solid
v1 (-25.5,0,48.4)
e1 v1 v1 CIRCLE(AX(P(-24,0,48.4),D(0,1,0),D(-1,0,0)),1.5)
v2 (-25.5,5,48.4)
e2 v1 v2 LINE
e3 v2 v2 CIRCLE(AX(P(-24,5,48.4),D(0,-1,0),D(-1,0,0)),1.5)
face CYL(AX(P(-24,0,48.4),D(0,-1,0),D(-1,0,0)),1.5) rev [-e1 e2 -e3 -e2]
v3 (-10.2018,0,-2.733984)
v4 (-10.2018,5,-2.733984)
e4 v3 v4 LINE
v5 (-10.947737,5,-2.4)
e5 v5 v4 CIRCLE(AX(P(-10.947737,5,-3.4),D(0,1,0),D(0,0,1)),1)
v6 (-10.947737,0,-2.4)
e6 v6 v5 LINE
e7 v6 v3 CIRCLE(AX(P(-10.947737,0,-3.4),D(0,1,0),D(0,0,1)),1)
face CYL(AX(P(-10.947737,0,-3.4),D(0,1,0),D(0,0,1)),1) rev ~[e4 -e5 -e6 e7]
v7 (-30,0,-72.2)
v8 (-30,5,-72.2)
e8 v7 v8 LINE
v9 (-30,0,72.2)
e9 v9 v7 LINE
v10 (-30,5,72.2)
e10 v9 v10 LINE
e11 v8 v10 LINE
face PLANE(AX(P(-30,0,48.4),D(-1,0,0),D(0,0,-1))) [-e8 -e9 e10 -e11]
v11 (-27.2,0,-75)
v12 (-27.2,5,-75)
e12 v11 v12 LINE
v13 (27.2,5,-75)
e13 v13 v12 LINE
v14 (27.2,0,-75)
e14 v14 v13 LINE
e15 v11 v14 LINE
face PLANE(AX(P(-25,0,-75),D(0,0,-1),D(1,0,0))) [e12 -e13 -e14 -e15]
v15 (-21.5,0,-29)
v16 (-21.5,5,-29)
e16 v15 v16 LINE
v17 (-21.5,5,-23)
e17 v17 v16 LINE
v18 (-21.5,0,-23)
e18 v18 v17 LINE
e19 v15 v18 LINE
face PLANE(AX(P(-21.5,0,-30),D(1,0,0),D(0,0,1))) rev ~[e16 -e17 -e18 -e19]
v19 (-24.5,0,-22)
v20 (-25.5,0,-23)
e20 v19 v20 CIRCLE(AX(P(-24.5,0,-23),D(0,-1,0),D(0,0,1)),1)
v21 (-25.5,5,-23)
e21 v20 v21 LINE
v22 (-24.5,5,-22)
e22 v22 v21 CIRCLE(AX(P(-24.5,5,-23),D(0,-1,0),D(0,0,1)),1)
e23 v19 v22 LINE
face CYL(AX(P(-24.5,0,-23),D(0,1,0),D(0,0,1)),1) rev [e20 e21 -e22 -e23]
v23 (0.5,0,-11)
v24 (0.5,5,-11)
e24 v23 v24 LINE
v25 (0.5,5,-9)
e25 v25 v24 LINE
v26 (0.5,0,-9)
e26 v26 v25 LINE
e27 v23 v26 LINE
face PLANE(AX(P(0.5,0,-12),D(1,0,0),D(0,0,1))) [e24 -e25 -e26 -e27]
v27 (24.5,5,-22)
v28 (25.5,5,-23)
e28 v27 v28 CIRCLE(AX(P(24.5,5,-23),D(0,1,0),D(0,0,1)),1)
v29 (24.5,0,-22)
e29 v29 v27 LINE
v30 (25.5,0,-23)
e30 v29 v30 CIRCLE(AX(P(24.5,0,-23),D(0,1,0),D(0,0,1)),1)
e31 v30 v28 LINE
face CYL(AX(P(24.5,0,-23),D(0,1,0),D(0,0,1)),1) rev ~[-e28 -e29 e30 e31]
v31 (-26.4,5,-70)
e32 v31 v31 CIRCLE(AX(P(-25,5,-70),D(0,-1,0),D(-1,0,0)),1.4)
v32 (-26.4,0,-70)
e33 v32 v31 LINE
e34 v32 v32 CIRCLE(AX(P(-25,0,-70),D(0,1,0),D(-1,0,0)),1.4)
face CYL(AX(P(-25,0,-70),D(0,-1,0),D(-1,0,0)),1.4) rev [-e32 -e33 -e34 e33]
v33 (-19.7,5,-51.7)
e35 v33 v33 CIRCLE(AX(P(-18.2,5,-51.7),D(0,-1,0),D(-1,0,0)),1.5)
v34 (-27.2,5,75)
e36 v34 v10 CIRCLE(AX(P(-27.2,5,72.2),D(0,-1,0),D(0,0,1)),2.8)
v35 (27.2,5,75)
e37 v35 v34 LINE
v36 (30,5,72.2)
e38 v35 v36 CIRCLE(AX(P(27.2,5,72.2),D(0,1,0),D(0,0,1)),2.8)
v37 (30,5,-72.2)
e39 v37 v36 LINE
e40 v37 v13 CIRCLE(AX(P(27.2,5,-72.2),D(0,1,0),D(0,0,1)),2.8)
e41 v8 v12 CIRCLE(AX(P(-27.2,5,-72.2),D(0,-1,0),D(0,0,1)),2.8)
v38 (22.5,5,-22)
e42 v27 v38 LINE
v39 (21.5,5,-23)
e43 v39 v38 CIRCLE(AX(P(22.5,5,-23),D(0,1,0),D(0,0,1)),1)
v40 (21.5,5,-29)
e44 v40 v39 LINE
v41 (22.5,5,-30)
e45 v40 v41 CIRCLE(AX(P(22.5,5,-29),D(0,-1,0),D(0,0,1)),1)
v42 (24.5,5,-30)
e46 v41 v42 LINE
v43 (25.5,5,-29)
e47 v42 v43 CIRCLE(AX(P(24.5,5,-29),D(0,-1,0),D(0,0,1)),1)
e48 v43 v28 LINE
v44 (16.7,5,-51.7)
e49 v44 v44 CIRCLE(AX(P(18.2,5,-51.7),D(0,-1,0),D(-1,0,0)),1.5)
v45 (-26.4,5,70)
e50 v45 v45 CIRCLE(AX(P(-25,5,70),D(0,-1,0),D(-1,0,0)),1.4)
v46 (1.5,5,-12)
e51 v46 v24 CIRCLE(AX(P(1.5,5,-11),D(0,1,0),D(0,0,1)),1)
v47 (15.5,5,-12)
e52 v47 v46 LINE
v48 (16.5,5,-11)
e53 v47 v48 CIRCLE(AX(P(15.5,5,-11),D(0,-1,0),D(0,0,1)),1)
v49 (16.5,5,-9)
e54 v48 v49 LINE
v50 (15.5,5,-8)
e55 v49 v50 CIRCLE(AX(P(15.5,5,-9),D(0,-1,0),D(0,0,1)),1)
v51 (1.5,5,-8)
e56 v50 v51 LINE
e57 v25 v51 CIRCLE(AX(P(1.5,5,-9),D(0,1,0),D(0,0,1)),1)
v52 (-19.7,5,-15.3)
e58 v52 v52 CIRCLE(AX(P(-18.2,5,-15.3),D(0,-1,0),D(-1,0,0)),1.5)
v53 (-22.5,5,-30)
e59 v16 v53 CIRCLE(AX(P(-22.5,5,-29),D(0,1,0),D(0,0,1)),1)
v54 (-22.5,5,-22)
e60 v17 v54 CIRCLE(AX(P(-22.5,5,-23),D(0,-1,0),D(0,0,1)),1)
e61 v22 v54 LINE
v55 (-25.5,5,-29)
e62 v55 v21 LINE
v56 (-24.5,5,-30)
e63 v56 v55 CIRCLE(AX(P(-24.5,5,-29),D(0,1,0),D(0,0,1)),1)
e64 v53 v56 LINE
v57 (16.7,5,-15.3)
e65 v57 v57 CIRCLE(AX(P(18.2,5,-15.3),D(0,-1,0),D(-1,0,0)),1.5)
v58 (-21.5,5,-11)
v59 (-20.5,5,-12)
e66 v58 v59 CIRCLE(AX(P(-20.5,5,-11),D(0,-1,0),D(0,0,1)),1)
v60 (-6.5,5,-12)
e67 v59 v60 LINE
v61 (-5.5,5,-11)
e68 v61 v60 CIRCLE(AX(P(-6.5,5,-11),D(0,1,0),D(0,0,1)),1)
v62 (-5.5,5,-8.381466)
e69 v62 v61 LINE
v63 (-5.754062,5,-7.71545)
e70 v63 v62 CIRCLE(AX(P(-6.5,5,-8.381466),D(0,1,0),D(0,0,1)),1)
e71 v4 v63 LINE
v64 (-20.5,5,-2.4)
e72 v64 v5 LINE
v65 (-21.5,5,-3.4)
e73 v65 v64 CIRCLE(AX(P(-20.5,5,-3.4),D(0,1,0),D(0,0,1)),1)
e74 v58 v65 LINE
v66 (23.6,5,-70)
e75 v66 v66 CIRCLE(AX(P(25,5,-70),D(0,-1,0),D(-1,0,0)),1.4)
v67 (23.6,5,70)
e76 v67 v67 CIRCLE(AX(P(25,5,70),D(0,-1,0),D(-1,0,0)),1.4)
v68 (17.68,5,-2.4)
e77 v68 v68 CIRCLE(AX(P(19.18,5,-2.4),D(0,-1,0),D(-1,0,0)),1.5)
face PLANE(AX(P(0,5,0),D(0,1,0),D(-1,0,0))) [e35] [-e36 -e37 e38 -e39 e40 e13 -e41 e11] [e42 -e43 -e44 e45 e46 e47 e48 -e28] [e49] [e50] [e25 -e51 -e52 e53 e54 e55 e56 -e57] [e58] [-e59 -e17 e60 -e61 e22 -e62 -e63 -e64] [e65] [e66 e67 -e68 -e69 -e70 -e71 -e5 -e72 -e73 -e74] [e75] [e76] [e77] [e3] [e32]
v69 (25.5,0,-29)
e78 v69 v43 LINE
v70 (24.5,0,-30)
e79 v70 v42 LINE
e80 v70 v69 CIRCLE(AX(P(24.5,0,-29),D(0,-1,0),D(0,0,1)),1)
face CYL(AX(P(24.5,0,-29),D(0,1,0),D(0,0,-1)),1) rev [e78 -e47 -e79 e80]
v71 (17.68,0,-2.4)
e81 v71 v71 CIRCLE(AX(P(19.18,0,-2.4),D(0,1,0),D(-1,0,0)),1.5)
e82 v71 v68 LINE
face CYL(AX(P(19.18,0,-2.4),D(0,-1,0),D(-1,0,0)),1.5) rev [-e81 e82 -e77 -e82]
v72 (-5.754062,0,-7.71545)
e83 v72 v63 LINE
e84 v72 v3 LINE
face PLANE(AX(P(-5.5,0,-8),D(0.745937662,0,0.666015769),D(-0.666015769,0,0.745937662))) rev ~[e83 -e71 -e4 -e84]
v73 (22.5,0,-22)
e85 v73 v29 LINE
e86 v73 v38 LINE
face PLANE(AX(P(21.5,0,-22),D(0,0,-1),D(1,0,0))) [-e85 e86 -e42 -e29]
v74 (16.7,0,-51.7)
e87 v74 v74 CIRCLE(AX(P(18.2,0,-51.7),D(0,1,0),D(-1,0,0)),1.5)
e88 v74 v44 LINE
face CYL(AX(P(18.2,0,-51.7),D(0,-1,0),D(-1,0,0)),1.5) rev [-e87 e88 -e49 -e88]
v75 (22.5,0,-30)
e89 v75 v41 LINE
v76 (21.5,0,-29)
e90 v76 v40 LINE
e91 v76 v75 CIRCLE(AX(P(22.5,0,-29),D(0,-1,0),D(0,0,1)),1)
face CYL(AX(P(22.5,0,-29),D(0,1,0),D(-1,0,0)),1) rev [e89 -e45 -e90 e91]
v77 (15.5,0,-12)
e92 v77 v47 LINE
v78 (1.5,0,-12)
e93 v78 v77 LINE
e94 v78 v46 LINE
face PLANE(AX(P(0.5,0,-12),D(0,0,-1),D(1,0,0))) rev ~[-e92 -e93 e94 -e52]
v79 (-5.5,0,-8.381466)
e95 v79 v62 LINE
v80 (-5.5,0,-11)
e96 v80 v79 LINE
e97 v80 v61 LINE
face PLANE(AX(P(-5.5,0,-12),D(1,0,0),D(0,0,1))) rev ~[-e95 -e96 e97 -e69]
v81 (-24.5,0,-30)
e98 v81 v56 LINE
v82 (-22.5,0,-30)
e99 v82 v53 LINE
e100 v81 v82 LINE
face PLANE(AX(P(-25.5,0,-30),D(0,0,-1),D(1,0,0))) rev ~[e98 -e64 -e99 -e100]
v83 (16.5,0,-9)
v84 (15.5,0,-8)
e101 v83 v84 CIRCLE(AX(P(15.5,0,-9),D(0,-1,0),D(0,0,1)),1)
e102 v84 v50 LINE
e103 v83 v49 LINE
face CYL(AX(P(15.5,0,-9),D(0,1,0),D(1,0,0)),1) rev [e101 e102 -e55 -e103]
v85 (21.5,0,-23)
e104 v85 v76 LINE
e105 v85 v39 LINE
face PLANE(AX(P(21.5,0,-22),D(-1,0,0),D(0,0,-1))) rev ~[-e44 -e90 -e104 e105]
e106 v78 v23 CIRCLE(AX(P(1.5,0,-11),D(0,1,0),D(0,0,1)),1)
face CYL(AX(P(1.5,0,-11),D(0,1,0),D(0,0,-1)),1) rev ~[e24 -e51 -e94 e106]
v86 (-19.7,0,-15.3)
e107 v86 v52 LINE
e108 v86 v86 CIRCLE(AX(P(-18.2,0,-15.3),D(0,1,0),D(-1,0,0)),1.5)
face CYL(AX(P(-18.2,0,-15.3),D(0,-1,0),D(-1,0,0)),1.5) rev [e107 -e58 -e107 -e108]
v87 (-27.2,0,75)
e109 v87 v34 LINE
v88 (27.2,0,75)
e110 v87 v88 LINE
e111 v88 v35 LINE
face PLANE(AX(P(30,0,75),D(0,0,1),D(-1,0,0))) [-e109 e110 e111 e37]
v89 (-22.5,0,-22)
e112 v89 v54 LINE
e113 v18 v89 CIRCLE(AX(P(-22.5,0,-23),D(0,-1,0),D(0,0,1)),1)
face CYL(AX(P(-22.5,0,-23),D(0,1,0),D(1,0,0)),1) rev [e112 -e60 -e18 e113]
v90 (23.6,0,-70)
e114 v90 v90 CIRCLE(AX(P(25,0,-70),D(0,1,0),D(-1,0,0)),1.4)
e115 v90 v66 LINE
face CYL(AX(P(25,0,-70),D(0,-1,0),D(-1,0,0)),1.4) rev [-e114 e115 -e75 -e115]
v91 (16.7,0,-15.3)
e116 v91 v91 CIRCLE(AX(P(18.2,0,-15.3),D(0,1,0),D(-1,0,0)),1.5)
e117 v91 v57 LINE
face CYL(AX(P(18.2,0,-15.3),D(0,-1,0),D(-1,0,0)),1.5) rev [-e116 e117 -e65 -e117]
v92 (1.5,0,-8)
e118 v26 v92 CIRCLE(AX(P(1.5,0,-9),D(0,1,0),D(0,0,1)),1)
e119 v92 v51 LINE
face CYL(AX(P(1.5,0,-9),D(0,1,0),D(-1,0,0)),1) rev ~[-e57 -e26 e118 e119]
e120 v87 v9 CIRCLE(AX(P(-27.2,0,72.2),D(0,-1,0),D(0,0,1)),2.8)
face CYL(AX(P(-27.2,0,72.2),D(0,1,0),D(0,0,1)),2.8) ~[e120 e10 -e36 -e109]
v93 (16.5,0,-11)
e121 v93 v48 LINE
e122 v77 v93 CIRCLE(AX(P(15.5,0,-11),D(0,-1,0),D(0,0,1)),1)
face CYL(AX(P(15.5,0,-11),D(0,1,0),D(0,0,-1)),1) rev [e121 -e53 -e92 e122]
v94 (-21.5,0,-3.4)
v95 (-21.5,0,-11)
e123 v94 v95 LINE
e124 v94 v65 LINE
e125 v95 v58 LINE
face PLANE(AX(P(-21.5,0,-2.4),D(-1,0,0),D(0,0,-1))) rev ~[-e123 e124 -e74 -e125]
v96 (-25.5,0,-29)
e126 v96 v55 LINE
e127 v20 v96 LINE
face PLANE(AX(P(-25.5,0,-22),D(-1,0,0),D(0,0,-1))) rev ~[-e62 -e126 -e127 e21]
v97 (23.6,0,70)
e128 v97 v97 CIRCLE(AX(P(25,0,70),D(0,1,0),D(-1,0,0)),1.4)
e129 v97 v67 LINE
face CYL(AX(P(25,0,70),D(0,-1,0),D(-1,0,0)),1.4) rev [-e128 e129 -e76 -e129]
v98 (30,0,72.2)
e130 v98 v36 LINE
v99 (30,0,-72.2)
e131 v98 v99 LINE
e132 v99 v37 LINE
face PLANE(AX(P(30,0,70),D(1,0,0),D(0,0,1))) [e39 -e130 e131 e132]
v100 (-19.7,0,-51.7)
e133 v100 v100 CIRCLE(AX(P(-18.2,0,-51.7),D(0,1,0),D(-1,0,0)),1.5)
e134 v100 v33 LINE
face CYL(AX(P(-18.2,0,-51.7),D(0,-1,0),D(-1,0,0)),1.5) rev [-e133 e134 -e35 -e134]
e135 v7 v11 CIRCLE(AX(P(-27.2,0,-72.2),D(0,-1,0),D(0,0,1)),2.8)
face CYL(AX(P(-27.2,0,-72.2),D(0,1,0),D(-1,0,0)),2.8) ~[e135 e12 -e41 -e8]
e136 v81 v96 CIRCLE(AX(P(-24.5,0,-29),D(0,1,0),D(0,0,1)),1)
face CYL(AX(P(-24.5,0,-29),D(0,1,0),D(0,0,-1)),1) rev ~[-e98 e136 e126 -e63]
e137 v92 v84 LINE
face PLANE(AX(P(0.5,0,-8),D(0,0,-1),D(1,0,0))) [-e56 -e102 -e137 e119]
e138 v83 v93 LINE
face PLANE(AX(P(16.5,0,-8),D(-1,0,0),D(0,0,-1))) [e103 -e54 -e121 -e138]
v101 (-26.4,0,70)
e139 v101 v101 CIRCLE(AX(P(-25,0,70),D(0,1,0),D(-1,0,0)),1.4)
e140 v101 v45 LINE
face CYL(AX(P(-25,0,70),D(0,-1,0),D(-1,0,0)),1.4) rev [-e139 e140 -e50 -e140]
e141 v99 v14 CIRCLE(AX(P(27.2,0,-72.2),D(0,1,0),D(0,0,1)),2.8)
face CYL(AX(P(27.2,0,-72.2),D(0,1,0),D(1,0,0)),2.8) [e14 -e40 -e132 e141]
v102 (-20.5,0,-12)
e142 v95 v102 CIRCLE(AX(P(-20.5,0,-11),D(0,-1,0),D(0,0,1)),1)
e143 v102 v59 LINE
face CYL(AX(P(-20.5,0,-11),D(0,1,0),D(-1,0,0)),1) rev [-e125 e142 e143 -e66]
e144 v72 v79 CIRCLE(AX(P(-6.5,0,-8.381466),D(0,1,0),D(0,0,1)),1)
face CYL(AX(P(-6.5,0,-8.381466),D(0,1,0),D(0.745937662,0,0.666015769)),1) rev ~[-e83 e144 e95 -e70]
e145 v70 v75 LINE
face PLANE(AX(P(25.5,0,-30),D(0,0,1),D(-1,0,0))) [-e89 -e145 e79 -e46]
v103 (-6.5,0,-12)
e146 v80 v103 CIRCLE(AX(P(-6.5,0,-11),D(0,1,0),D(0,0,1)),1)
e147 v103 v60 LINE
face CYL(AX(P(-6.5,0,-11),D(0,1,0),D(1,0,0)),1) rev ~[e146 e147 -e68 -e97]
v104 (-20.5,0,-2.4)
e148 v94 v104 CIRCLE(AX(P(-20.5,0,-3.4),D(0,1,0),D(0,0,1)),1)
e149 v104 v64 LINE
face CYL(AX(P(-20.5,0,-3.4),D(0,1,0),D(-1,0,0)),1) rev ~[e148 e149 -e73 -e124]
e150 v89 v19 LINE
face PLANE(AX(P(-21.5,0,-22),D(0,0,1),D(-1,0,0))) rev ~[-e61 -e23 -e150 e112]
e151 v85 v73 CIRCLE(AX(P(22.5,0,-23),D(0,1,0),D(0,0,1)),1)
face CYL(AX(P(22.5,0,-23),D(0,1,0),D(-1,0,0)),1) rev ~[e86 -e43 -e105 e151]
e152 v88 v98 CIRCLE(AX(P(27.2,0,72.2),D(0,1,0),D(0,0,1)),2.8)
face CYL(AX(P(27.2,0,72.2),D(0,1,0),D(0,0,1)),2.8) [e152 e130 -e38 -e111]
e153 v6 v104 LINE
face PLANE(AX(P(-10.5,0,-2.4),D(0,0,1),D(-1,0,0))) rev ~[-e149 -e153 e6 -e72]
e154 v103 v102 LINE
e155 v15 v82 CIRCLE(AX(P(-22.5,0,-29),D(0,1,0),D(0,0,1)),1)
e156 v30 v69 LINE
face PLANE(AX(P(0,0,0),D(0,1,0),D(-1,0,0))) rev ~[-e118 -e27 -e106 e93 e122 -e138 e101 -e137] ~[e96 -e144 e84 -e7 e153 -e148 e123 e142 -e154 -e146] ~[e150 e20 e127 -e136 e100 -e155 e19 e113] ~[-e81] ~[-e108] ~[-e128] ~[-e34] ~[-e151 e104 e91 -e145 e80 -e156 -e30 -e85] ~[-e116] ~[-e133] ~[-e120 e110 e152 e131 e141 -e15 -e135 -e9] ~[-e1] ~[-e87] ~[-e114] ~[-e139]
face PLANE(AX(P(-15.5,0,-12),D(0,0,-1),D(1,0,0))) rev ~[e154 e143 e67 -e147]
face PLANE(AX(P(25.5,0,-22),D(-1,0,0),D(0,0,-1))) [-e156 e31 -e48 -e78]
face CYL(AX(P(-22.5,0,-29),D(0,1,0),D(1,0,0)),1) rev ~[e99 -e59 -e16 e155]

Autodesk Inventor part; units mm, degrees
ref_plane "YZ Plane" through (0, 0, 0) normal (1, 0, 0) x (0, 1, 0)
ref_plane "XZ Plane" through (0, 0, 0) normal (0, 1, 0) x (-1, 0, 0)
ref_plane "XY Plane" through (0, 0, 0) normal (0, 0, 1) x (1, 0, 0)
sketch "Sketch1" plane through (0, 0, 0) normal (0, 1, 0) x (-1, 0, 0)
  line L0 (-30, 75) -> (30, 75)
  line L1 (30, 75) -> (30, -75)
  line L2 (30, -75) -> (-30, -75)
  line L3 (-30, -75) -> (-30, 75)
  line L4 (-30, 75) -> (30, -75) construction
  line L5 (30, 75) -> (-30, -75) construction
  line L6 (30, 75) -> (25, 75)
  line L7 (25, 75) -> (25, 70)
  line L8 (25, 70) -> (30, 70)
  line L9 (30, 70) -> (30, 75)
  line L10 (-30, 75) -> (-25, 75)
  line L11 (-25, 75) -> (-25, 70)
  line L12 (-25, 70) -> (-30, 70)
  line L13 (-30, 70) -> (-30, 75)
  line L14 (30, -75) -> (25, -75)
  line L15 (25, -75) -> (25, -70)
  line L16 (25, -70) -> (30, -70)
  line L17 (30, -70) -> (30, -75)
  line L18 (-30, -75) -> (-25, -75)
  line L19 (-25, -75) -> (-25, -70)
  line L20 (-25, -70) -> (-30, -70)
  line L21 (-30, -70) -> (-30, -75)
  circle A0 centre (25, 70) radius 1.4
  circle A1 centre (-25, 70) radius 1.4
  circle A2 centre (25, -70) radius 1.4
  circle A3 centre (-25, -70) radius 1.4
  line L22 (30, -75) -> (-30, -75)
  line L23 (-30, -75) -> (-30, -55)
  line L24 (-30, -55) -> (30, -55)
  line L25 (30, -55) -> (30, -75)
  line L26 (0, -55) -> (21.5, -55)
  line L27 (21.5, -55) -> (21.5, -12)
  line L28 (21.5, -12) -> (0, -12)
  line L29 (0, -12) -> (0, -55)
  line L30 (0, -12) -> (-21.5, -12)
  line L31 (-21.5, -12) -> (-21.5, -55)
  line L32 (-21.5, -55) -> (0, -55)
  line L33 (0, -55) -> (0, -12)
  line L34 (0, -12) -> (0, -33.5)
  line L35 (-18.2, -15.3) -> (18.2, -15.3)
  line L36 (18.2, -15.3) -> (18.2, -51.7)
  line L37 (18.2, -51.7) -> (-18.2, -51.7)
  line L38 (-18.2, -51.7) -> (-18.2, -15.3)
  line L39 (-18.2, -15.3) -> (18.2, -51.7) construction
  line L40 (18.2, -15.3) -> (-18.2, -51.7) construction
  circle A4 centre (18.2, -15.3) radius 1.5
  circle A5 centre (18.2, -51.7) radius 1.5
  circle A6 centre (-18.2, -15.3) radius 1.5
  circle A7 centre (-18.2, -51.7) radius 1.5
  line L41 (-30, 75) -> (-19.18, 75)
  line L42 (-19.18, 75) -> (-19.18, -2.4)
  line L43 (-19.18, -2.4) -> (-30, -2.4)
  line L44 (-30, -2.4) -> (-30, 75)
  line L45 (30, 75) -> (24, 75)
  line L46 (24, 75) -> (24, 48.4)
  line L47 (24, 48.4) -> (30, 48.4)
  line L48 (30, 48.4) -> (30, 75)
  circle A8 centre (24, 48.4) radius 1.5
  circle A9 centre (-19.18, -2.4) radius 1.5
  line L49 (-21.5, -12) -> (-21.5, -22)
  line L50 (-21.5, -22) -> (-25.5, -22)
  line L51 (-25.5, -22) -> (-25.5, -30)
  line L52 (-25.5, -30) -> (-21.5, -30)
  line L53 (-21.5, -30) -> (-21.5, -22)
  line L54 (21.5, -22) -> (25.5, -22)
  line L55 (25.5, -22) -> (25.5, -30)
  line L56 (25.5, -30) -> (21.5, -30)
  line L57 (21.5, -30) -> (21.5, -22)
  line L58 (21.5, -12) -> (15.5, -12)
  line L59 (15.5, -12) -> (5.5, -12)
  line L60 (5.5, -12) -> (5.5, -8)
  line L61 (5.5, -8) -> (15.5, -8)
  line L62 (15.5, -8) -> (15.5, -12)
  line L63 (-21.5, -12) -> (-16.5, -12)
  line L64 (-16.5, -12) -> (-0.5, -12)
  line L65 (-0.5, -12) -> (-0.5, -8)
  line L66 (-0.5, -8) -> (-16.5, -8)
  line L67 (-16.5, -8) -> (-16.5, -12)
  line L68 (21.5, -12) -> (10.5, -12)
  line L69 (10.5, -12) -> (10.5, -2.4)
  line L70 (10.5, -2.4) -> (21.5, -2.4)
  line L71 (21.5, -2.4) -> (21.5, -12)
  line L72 (5.5, -8) -> (10.5, -2.4)
  point P0 (10.5, -8)
  dimension "d10" = 60
  dimension "d11" = 150
  dimension "d12" = 5
  dimension "d13" = 5
  dimension "d14" = 5
  dimension "d15" = 5
  dimension "d16" = 5
  dimension "d17" = 5
  dimension "d18" = 5
  dimension "d19" = 5
  dimension "d20" = 2.8
  dimension "d21" = 2.8
  dimension "d22" = 2.8
  dimension "d23" = 2.8
  dimension "d28" = 20
  dimension "d29" = 21.5
  dimension "d30" = 43
  dimension "d31" = 21.5
  dimension "d32" = 36.4
  dimension "d33" = 36.4
  dimension "d34" = 3
  dimension "d35" = 3
  dimension "d36" = 3
  dimension "d37" = 3
  dimension "d38" = 10.82
  dimension "d39" = 77.4
  dimension "d40" = 6
  dimension "d41" = 26.6
  dimension "d42" = 3
  dimension "d43" = 3
  dimension "d48" = 10
  dimension "d49" = 4
  dimension "d50" = 8
  dimension "d51" = 4
  dimension "d52" = 8
  dimension "d53" = 6
  dimension "d54" = 10
  dimension "d55" = 4
  dimension "d56" = 5
  dimension "d57" = 16
  dimension "d58" = 4
extrude "Extrusion1" add sketch "Sketch1" along normal blind 5 contours L0 L11 A1 L12 L3 | L0 L42 A9 L43 L3 L12 A1 L11 | L0 L46 A0 A8 L47 L1 L24 L27 L56 L55 L54 L71 L70 L72 L60 L28 L30 L65 L66 L67 L31 L50 L51 L52 L3 L43 A9 L42 | L0 L7 A0 L46 | A9 L43 L42 | L42 L43 A9 | L24 L1 L16 A2 L15 L2 L19 A3 L20 L3 | L0 L1 L8 A0 L7 | L20 A3 L19 L2 L3 | L31 L30 L29 L35 A6 L38 A7 L37 L24 | A0 L8 L1 L47 A8 L46 | L29 L37 A5 L36 A4 L35 L28 L27 L24 | L52 L51 L50 L31 | A8 L47 L46 | L46 L47 A8 | L37 A7 L38 A6 L35 L29 | L29 L35 A4 L36 A5 L37 | L15 A2 L16 L1 L2 | L27 L54 L55 L56 | A5 L36 L37 | L37 L36 A5 | A7 L38 L37 | L37 L38 A7 | L67 L66 L65 L30 | L28 L62 L61 L69 L70 L71 | A6 L38 L35 | L35 L38 A6 | A4 L36 L35 | L35 L36 A4 | L28 L69 L61 L62 | L60 L61 L69 L28 | L69 L61 L72
fillet "Fillet1" radius 2.8 1 edges at (30, 2.5, 75)
fillet "Fillet2" radius 2.8 3 edges at (-30, 2.5, 75) (-30, 2.5, -75) (30, 2.5, -75)
extrude "Extrusion2" cut sketch "Sketch1" along normal blind 10 contours A8 L47 L46 | L46 L47 A8 | A5 L36 L37 | L37 L36 A5 | A7 L38 L37 | L37 L38 A7 | A6 L38 L35 | L35 L38 A6 | A4 L36 L35 | L35 L36 A4
extrude "Extrusion3" cut sketch "Sketch1" along normal blind 10 contours A9 L43 L42 | L42 L43 A9
extrude "Extrusion4" cut sketch "Sketch1" along normal blind 10 contours L52 L51 L50 L31 | L27 L54 L55 L56 | L67 L66 L65 L30 | L28 L69 L61 L62 | L60 L61 L69 L28
extrude "Extrusion5" cut sketch "Sketch1" along normal blind 10 contours L28 L62 L61 L69 L70 L71
extrude "Extrusion6" cut sketch "Sketch1" along normal blind 10 contours L69 L61 L72
fillet "Fillet3" radius 1 17 edges at (-5.5, 2.5, -8) (-10.5, 2.5, -2.4) (-21.5, 2.5, -2.4) (-21.5, 2.5, -12) (-5.5, 2.5, -12) (0.5, 2.5, -8) (0.5, 2.5, -12) (16.5, 2.5, -12) (16.5, 2.5, -8) (25.5, 2.5, -22) (21.5, 2.5, -22) (25.5, 2.5, -30) (21.5, 2.5, -30) (-25.5, 2.5, -30) (-25.5, 2.5, -22) (-21.5, 2.5, -22) (-21.5, 2.5, -30)
properties part number "DeGiua"
